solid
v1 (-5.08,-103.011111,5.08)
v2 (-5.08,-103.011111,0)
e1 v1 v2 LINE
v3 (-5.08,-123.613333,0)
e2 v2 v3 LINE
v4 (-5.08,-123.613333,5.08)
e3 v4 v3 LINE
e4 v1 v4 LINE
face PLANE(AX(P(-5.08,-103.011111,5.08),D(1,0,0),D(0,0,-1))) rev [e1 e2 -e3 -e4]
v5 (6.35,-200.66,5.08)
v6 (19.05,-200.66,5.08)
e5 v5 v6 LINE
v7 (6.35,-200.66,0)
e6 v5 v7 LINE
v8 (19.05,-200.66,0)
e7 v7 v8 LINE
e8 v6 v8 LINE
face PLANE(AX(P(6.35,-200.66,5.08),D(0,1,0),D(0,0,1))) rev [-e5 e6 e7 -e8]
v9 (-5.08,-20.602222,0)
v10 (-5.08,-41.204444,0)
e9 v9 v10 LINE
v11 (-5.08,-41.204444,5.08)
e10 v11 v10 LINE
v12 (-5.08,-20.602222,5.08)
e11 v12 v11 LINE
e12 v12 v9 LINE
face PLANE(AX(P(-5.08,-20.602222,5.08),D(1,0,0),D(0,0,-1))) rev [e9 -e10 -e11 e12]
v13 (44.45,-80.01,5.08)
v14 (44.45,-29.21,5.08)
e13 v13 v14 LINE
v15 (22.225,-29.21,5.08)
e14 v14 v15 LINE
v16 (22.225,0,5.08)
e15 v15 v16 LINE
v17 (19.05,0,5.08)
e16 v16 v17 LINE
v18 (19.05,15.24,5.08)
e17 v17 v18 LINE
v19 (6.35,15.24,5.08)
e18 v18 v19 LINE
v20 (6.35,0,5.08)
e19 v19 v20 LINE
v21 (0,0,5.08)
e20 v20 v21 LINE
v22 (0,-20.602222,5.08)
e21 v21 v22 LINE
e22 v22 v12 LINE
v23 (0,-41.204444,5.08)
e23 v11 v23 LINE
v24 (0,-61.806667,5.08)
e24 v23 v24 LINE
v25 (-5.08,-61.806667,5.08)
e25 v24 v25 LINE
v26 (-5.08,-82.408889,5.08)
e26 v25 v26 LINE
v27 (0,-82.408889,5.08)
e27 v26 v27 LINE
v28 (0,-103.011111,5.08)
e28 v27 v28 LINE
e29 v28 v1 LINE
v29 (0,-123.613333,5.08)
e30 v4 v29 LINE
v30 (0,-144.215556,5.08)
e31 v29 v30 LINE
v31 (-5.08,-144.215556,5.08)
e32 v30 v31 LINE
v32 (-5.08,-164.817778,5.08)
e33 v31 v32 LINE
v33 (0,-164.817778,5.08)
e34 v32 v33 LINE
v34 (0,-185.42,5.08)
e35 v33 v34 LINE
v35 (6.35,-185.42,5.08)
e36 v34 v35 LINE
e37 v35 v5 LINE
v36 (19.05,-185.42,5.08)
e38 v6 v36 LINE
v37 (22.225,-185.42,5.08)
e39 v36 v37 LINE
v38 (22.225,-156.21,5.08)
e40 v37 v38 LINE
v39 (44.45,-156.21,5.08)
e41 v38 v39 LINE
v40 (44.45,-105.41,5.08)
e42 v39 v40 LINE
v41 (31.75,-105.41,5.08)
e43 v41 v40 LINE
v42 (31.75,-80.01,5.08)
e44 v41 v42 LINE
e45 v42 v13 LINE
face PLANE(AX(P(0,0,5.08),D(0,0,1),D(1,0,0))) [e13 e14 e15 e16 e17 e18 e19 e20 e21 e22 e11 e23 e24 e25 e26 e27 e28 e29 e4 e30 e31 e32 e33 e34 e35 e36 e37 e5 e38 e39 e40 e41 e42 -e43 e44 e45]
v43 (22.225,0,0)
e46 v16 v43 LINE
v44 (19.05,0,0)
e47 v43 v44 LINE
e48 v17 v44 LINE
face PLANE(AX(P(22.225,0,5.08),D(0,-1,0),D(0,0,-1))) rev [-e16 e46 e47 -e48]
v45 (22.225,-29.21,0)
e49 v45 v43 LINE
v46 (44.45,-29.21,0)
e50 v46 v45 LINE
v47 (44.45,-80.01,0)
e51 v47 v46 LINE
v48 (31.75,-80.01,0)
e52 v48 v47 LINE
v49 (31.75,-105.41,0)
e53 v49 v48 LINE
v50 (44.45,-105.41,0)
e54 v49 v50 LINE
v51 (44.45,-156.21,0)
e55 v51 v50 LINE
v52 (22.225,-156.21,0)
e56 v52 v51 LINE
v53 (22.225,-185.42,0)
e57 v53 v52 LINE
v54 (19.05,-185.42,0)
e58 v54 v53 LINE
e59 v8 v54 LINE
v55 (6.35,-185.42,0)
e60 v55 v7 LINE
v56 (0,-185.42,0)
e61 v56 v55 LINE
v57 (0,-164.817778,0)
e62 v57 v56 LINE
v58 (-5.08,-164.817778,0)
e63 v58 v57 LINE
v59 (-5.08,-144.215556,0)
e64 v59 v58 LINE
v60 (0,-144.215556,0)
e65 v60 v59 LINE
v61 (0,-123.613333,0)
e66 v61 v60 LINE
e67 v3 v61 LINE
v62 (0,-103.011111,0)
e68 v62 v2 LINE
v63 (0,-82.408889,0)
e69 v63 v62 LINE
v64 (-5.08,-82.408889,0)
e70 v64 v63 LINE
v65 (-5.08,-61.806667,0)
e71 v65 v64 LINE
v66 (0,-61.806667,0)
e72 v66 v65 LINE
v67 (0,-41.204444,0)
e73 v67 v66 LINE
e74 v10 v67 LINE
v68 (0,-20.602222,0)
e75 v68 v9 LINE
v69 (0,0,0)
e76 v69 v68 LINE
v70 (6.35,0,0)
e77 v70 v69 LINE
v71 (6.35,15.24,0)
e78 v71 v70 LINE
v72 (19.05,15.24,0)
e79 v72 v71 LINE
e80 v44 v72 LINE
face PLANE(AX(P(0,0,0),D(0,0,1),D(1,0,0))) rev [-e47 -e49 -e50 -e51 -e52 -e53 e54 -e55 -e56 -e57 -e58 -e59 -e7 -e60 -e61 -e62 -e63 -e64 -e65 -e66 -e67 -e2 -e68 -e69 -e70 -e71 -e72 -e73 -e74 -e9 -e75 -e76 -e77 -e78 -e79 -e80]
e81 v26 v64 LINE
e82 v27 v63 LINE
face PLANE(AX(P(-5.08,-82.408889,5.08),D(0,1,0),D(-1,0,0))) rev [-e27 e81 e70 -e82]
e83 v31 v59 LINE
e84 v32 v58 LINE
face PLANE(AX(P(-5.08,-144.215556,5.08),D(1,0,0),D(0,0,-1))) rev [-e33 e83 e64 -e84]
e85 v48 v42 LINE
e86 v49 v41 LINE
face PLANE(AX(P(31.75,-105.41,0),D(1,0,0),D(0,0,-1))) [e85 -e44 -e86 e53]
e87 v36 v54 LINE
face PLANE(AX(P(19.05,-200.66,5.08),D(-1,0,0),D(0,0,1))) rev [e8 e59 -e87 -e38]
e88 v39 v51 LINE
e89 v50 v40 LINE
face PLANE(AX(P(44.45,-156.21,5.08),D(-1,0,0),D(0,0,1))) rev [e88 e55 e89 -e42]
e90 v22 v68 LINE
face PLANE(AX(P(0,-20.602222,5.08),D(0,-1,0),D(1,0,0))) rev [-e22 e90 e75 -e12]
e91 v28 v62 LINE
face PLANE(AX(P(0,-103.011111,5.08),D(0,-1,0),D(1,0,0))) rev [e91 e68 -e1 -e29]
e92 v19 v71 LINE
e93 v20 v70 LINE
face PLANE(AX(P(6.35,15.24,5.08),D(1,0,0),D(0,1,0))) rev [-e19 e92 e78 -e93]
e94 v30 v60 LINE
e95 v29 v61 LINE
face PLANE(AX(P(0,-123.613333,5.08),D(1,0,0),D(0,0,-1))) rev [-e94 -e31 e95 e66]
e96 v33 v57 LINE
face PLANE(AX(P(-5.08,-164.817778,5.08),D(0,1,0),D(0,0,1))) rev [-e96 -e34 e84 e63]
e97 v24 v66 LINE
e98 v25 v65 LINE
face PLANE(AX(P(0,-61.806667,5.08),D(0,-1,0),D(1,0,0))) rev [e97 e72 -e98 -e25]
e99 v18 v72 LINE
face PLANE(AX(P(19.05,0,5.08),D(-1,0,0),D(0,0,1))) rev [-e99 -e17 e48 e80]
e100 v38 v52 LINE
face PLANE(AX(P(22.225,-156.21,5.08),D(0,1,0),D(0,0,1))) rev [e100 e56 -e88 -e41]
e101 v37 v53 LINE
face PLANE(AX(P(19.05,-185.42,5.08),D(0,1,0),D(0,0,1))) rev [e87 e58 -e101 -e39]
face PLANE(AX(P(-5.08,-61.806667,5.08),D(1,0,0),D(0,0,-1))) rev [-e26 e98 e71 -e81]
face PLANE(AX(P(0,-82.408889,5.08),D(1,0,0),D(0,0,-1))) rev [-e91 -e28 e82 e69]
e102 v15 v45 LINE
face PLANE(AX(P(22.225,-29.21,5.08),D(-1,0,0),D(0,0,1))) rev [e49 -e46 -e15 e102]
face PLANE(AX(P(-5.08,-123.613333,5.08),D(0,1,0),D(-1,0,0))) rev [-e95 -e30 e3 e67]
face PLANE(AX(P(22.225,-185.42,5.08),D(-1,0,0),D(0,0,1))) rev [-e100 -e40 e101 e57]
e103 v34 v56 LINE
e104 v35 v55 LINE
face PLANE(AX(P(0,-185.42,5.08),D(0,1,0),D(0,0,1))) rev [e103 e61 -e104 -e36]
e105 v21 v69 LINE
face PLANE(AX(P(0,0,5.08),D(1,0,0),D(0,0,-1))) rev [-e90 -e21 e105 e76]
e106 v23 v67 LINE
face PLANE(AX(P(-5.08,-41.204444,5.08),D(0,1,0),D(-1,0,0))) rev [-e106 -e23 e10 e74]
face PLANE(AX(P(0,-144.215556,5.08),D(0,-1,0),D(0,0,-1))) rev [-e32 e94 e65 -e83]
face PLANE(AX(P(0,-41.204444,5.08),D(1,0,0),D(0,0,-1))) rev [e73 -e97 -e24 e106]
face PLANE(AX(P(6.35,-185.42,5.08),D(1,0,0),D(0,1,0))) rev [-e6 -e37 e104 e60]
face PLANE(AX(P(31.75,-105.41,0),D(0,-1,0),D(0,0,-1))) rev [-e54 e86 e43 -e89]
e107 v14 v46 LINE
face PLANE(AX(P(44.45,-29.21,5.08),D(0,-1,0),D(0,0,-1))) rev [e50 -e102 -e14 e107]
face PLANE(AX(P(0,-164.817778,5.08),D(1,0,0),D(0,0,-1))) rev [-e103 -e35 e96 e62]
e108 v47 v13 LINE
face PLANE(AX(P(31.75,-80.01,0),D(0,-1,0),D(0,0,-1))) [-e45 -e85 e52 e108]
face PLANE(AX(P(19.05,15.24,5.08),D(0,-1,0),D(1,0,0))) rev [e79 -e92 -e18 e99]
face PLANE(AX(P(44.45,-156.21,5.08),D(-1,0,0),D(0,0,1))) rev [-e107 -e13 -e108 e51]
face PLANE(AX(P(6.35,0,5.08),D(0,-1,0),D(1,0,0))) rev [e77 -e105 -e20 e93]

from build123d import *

# Parameters (mm, degrees)
BOSS_EXTRUDE1_DEPTH = 5.08
SKETCH2_W           = 25.4
SKETCH2_H           = 25.4
CUT_EXTRUDE1_DEPTH  = 206.587072794


with BuildPart() as part:
    # Sketch1 → Boss-Extrude1 (new body)
    with BuildSketch(Plane.XY):
        Polygon((0, 0), (0, -20.602222222), (-5.08, -20.602222222), (-5.08, -41.204444444), (0, -41.204444444), (0, -61.806666667), (-5.08, -61.806666667), (-5.08, -82.408888889), (0, -82.408888889), (0, -103.011111111), (-5.08, -103.011111111), (-5.08, -123.613333333), (0, -123.613333333), (0, -144.215555556), (-5.08, -144.215555556), (-5.08, -164.817777778), (0, -164.817777778), (0, -185.42), (6.35, -185.42), (6.35, -200.66), (19.05, -200.66), (19.05, -185.42), (22.225, -185.42), (22.225, -156.21), (44.45, -156.21), (44.45, -29.21), (22.225, -29.21), (22.225, 0), (19.05, 0), (19.05, 15.24), (6.35, 15.24), (6.35, 0), align=None)
    extrude(amount=BOSS_EXTRUDE1_DEPTH)

    # Sketch2 → Cut-Extrude1 (cut, through all)
    with BuildSketch(Plane.XY.offset(5.08)):
        with Locations((44.45, -92.71)):
            Rectangle(SKETCH2_W, SKETCH2_H)
    extrude(amount=-CUT_EXTRUDE1_DEPTH, mode=Mode.SUBTRACT)


solid = part.part
